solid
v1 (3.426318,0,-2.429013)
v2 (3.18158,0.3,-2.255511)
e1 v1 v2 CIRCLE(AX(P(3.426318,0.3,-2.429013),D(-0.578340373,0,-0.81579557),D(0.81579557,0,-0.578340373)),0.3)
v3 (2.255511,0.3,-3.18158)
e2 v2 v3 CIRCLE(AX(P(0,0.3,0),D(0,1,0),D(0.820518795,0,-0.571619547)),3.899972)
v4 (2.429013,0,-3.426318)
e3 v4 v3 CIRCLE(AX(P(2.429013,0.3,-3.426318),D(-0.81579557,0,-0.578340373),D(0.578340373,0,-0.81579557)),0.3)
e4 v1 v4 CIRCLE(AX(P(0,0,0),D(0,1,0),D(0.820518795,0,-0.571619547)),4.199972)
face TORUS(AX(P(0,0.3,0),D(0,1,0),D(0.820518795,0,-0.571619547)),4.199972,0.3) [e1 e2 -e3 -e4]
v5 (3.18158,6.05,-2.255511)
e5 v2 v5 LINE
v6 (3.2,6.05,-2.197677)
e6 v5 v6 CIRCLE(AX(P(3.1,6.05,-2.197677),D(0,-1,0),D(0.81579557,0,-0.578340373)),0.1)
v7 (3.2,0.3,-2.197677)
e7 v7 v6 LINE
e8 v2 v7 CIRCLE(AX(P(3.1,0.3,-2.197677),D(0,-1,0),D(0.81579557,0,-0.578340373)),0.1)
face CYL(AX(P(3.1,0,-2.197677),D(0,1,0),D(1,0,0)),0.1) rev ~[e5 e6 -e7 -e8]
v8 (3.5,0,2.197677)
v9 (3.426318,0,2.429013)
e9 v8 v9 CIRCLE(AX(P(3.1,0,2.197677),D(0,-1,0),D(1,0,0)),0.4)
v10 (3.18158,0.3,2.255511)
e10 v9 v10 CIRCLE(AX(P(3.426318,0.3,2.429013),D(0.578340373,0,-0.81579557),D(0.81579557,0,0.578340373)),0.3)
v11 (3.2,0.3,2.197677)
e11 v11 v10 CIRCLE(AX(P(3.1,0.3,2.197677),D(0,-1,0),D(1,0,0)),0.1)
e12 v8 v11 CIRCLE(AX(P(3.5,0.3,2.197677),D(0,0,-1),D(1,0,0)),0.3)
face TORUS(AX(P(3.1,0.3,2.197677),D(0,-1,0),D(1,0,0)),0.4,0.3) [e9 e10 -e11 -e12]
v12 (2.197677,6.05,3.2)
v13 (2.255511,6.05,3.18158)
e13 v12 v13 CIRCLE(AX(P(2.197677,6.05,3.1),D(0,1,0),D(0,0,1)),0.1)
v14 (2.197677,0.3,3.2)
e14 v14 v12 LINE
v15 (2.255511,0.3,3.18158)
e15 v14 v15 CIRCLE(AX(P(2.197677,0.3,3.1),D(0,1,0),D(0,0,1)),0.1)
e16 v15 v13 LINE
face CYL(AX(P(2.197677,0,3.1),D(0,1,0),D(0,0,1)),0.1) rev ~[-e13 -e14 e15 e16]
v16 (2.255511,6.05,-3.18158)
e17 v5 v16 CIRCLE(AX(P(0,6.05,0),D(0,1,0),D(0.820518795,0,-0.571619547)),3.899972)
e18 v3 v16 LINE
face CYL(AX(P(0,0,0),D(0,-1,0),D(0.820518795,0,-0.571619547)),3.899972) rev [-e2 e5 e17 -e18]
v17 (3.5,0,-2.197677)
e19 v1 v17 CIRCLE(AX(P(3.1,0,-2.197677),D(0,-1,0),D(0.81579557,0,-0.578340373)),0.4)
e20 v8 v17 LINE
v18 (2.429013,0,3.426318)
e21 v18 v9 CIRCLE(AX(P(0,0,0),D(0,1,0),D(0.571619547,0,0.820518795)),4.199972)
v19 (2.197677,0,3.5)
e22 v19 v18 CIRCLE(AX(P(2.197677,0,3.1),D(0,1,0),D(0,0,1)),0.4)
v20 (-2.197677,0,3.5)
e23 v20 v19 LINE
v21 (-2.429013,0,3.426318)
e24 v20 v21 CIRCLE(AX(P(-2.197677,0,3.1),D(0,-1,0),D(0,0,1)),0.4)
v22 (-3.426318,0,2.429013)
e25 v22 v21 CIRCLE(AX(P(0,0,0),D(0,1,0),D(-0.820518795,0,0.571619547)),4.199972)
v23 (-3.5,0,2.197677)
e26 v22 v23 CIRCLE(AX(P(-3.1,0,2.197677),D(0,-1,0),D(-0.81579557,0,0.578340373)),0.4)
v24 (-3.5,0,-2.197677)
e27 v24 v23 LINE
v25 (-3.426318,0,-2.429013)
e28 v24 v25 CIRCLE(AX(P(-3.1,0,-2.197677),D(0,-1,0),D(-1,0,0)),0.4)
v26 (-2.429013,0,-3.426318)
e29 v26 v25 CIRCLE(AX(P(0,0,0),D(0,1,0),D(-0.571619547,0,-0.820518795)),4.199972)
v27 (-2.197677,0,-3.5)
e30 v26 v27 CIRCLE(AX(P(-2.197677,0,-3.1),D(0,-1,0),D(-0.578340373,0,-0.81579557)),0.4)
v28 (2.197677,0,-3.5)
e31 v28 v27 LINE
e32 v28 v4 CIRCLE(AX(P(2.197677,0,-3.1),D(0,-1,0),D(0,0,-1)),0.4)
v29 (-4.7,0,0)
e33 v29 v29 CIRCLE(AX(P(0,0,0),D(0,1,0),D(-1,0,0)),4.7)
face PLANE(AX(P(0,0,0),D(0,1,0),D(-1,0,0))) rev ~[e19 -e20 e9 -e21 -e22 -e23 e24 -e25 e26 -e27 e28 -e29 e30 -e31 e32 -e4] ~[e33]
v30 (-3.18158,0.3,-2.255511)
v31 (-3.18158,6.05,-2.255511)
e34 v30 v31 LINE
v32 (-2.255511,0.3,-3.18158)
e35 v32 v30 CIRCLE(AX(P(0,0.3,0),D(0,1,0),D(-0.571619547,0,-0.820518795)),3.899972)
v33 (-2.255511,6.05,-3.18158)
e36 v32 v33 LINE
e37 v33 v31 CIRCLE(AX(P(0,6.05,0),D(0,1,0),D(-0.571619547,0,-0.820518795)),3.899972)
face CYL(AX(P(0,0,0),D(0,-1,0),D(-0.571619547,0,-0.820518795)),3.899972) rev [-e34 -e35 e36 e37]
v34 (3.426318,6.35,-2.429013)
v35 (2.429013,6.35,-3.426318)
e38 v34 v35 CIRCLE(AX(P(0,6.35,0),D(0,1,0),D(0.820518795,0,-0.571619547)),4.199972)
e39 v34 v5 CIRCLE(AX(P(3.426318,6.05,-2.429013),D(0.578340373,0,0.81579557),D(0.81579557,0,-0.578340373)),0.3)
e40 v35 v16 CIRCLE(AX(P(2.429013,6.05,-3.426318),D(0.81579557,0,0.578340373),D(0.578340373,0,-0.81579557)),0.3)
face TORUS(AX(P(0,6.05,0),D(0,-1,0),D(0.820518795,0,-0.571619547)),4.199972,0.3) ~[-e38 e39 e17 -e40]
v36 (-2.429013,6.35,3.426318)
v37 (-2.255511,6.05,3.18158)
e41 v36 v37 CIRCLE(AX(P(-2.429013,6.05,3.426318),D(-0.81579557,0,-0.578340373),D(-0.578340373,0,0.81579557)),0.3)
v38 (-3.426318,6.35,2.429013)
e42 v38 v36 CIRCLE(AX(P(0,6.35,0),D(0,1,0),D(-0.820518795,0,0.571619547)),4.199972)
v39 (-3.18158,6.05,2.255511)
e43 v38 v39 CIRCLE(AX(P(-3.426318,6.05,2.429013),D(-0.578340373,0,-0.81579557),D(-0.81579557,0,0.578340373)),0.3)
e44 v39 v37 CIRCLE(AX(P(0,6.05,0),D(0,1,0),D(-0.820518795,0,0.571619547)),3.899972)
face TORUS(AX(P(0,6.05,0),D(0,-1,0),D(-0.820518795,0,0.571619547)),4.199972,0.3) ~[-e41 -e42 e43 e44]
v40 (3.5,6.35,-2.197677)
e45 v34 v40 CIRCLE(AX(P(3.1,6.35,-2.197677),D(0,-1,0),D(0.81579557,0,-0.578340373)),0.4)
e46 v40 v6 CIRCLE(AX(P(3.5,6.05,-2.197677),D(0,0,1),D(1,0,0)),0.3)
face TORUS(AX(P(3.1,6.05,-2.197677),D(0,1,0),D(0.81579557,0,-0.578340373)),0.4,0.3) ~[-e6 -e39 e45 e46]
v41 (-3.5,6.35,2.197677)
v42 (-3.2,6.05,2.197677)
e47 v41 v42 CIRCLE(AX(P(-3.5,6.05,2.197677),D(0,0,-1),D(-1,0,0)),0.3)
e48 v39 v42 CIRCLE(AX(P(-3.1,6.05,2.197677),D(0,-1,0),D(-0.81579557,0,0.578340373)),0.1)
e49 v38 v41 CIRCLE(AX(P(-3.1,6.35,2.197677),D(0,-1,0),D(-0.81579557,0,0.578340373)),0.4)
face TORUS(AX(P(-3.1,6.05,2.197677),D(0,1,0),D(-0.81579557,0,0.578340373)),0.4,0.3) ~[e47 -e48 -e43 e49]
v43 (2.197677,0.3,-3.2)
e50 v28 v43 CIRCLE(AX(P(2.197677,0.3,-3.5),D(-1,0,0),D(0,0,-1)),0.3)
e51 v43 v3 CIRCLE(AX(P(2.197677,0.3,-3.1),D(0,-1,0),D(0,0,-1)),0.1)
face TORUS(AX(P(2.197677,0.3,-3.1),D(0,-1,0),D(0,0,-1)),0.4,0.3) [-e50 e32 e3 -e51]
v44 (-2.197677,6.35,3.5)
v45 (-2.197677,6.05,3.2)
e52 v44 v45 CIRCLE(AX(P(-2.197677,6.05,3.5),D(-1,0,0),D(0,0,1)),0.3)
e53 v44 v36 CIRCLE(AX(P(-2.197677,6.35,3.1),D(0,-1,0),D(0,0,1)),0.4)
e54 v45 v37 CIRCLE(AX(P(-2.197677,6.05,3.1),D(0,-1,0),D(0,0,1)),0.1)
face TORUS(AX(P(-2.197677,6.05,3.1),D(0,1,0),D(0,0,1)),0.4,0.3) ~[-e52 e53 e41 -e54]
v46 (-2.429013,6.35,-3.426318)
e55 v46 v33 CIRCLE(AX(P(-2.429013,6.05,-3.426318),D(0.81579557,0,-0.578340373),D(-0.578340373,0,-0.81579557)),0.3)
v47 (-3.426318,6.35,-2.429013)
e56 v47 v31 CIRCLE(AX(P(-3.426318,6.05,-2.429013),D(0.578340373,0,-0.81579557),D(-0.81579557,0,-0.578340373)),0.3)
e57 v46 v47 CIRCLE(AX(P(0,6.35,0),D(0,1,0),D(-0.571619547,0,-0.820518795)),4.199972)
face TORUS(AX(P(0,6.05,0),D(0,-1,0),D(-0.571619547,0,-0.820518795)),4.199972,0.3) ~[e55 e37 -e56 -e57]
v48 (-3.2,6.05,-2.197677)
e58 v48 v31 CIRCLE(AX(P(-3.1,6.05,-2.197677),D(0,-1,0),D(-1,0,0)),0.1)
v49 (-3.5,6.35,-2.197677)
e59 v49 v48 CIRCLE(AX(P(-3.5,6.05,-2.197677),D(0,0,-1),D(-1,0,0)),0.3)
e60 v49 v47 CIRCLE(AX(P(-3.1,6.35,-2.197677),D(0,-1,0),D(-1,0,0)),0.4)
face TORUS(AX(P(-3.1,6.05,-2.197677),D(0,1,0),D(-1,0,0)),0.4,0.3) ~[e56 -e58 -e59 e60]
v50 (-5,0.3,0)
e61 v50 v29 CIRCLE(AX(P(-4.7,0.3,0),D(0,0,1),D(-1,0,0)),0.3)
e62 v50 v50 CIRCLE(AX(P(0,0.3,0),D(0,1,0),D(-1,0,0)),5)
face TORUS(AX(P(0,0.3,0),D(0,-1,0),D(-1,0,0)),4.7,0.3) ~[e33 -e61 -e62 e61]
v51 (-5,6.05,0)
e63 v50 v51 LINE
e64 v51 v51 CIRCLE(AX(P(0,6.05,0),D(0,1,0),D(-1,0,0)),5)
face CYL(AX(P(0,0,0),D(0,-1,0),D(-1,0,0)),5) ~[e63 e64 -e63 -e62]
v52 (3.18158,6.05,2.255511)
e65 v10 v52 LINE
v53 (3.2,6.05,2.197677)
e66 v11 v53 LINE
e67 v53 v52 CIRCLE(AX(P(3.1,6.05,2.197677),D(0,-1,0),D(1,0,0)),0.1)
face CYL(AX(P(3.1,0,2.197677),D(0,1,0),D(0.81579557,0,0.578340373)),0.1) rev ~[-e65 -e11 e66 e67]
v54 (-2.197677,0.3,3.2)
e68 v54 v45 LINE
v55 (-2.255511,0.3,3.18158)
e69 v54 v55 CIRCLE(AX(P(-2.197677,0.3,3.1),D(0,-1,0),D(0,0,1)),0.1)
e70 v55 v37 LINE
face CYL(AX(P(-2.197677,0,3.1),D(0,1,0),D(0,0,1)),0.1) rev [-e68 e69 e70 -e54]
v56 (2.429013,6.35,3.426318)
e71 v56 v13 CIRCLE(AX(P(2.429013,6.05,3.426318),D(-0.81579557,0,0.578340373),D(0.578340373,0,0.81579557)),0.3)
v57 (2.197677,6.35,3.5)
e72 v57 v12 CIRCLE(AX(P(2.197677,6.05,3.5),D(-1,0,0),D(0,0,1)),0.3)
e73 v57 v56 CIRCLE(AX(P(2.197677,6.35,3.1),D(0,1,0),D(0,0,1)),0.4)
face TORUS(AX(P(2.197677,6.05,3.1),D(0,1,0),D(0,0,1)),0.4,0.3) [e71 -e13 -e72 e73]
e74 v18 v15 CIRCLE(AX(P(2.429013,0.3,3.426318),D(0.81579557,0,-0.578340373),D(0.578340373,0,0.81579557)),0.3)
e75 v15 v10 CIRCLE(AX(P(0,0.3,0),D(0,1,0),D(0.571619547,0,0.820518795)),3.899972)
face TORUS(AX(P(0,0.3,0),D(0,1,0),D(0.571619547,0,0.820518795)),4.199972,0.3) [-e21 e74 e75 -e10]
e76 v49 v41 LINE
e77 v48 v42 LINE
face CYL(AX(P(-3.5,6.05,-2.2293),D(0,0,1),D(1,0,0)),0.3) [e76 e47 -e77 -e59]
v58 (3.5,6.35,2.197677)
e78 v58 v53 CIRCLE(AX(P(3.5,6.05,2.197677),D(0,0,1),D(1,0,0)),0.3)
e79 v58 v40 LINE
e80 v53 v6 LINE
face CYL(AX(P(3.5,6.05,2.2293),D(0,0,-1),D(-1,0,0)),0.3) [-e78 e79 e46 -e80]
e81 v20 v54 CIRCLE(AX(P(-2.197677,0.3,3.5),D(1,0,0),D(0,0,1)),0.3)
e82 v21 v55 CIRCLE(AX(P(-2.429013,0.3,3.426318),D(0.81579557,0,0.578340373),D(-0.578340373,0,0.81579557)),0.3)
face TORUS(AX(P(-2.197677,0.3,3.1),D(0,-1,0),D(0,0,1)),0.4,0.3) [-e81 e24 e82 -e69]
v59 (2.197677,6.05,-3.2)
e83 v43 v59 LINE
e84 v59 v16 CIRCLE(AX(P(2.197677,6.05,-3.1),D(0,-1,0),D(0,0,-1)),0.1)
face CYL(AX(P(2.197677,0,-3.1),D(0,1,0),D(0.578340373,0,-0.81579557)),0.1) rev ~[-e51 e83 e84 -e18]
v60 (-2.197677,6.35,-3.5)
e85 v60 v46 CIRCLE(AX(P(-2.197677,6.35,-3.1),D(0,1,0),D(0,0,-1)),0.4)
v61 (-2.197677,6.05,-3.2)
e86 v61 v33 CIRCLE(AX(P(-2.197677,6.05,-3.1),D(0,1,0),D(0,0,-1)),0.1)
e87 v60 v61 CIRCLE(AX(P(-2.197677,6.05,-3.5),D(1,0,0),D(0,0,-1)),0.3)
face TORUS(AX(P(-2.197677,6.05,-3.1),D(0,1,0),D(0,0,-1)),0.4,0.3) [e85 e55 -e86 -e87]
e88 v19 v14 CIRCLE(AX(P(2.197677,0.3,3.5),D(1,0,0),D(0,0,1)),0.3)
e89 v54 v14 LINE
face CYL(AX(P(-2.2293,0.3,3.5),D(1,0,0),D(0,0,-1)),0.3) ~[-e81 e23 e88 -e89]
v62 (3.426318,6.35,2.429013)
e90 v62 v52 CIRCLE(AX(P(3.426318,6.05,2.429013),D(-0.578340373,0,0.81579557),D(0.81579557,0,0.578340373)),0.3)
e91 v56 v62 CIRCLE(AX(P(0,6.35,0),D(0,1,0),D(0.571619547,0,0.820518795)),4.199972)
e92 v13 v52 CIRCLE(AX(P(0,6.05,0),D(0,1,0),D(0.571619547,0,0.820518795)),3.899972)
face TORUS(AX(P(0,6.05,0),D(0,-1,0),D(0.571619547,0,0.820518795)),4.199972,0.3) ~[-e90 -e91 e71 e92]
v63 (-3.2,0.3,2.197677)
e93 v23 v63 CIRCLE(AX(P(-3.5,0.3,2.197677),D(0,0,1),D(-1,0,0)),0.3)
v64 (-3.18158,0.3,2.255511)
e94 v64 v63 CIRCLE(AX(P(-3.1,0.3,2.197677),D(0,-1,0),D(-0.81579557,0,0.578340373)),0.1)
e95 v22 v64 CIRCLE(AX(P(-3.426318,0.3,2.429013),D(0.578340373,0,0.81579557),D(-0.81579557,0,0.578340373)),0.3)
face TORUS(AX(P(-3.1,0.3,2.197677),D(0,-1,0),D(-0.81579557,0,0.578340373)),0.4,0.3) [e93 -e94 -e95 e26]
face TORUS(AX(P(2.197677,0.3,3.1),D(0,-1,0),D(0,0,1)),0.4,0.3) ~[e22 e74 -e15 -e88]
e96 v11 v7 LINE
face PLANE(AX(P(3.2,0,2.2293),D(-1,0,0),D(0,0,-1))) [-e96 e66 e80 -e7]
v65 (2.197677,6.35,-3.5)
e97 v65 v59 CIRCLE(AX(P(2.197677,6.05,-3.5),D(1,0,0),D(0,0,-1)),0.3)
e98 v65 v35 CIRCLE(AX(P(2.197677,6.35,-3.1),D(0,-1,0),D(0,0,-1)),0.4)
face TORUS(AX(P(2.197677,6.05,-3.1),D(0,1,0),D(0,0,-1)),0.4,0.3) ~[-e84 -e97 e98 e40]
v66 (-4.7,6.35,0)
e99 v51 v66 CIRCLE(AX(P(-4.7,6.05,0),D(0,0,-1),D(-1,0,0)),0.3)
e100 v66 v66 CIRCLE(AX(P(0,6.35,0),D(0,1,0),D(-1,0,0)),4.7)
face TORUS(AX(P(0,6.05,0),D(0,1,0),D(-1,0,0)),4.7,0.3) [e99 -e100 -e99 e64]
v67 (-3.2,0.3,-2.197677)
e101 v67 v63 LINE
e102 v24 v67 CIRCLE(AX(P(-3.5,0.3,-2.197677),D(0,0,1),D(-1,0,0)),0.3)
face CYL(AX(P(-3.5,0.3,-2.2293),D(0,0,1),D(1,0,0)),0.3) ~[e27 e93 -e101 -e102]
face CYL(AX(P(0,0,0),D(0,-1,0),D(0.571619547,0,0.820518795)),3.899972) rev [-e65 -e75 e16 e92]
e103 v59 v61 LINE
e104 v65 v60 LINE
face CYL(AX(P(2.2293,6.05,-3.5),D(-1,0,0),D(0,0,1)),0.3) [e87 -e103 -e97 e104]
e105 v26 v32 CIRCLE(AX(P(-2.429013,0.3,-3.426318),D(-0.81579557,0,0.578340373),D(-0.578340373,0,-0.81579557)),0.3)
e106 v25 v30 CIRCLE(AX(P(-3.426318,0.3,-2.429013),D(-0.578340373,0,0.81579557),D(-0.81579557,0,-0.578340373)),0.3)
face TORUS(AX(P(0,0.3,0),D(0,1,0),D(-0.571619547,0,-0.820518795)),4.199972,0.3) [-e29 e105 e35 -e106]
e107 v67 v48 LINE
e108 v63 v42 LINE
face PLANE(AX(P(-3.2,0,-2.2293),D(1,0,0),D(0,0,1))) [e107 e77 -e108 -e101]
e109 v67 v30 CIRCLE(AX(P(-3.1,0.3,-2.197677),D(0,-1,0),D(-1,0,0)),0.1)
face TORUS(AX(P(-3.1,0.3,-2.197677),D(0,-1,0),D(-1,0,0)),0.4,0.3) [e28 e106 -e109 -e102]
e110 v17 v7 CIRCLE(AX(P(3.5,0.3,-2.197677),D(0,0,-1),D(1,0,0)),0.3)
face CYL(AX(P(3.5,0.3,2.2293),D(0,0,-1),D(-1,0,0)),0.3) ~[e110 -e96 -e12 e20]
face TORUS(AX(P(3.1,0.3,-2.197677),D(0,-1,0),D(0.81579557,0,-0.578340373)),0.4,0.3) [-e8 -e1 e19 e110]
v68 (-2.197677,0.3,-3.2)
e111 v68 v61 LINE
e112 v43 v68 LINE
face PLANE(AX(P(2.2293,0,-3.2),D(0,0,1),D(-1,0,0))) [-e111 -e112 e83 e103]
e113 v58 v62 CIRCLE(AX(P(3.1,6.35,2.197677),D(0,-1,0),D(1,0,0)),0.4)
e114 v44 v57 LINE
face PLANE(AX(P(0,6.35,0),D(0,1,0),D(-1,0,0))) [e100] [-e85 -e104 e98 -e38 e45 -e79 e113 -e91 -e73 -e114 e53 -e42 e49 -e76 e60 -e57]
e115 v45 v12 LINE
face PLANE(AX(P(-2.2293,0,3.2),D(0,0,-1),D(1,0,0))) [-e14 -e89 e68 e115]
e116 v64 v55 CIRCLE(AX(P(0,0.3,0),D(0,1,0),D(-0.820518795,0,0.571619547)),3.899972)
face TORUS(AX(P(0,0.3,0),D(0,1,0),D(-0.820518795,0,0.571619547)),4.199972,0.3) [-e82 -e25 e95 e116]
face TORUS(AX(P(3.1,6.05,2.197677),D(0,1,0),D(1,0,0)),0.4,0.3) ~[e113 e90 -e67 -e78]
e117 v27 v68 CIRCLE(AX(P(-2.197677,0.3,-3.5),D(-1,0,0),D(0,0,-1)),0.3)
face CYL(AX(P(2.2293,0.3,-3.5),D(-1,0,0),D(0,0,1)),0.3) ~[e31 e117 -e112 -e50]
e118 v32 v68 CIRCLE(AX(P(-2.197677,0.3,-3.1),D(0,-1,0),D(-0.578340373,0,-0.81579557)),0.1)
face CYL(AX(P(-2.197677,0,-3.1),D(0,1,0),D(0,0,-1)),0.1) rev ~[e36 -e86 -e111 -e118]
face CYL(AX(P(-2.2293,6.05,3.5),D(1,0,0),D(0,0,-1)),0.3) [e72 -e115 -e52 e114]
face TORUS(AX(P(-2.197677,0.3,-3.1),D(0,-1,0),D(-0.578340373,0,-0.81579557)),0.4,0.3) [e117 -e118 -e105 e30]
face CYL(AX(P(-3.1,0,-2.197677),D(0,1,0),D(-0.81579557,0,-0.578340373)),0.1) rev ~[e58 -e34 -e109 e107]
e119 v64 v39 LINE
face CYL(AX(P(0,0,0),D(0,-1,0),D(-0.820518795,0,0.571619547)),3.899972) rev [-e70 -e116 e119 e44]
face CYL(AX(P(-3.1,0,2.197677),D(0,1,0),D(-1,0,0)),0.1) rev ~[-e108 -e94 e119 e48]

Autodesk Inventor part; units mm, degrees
ref_plane "YZ Plane" through (0, 0, 0) normal (1, 0, 0) x (0, 1, 0)
ref_plane "XZ Plane" through (0, 0, 0) normal (0, 1, 0) x (-1, 0, 0)
ref_plane "XY Plane" through (0, 0, 0) normal (0, 0, 1) x (1, 0, 0)
sketch "Sketch1" plane through (0, 0, 0) normal (0, 1, 0) x (-1, 0, 0)
  circle A0 centre (0, 0) radius 5
  line L0 (2.2293, 3.2) -> (-2.2293, 3.2)
  line L1 (-3.2, 2.2293) -> (-3.2, -2.2293)
  line L2 (-2.2293, -3.2) -> (2.2293, -3.2)
  line L3 (3.2, -2.2293) -> (3.2, 2.2293)
  arc A1 (3.2, 2.2293) -> (2.2293, 3.2) centre (0, 0) ccw
  arc A2 (2.2293, -3.2) -> (3.2, -2.2293) centre (0, 0) ccw
  arc A3 (-2.2293, 3.2) -> (-3.2, 2.2293) centre (0, 0) ccw
  arc A4 (-3.2, -2.2293) -> (-2.2293, -3.2) centre (0, 0) ccw
  dimension "d0" = 10
  dimension "d2" = 3.2
  dimension "d3" = 3.2
  dimension "d5" = 6.4
extrude "Extrusion1" add sketch "Sketch1" along normal blind 6.35
fillet "Fillet1" radius 0.3 18 edges at (0, 6.35, 3.2) (0, 0, 3.2) (-2.7577, 0, 2.7577) (-2.7577, 6.35, 2.7577) (-3.2, 6.35, 0) (-3.2, 0, 0) (-2.7577, 0, -2.7577) (0, 0, -3.2) (0, 6.35, -3.2) (-2.7577, 6.35, -2.7577) (2.7577, 6.35, -2.7577) (3.2, 6.35, 0) (2.7577, 6.35, 2.7577) (2.7577, 0, -2.7577) (3.2, 0, 0) (2.7577, 0, 2.7577) (5, 0, 0) (5, 6.35, 0)
fillet "Fillet1" radius 0.1 8 edges at (2.2293, 3.175, 3.2) (3.2, 3.175, 2.2293) (3.2, 3.175, -2.2293) (-3.2, 3.175, -2.2293) (-2.2293, 3.175, -3.2) (-3.2, 3.175, 2.2293) (-2.2293, 3.175, 3.2) (2.2293, 3.175, -3.2)
properties part number "Spacer High Strength" material "Acetal Resin, Black"
